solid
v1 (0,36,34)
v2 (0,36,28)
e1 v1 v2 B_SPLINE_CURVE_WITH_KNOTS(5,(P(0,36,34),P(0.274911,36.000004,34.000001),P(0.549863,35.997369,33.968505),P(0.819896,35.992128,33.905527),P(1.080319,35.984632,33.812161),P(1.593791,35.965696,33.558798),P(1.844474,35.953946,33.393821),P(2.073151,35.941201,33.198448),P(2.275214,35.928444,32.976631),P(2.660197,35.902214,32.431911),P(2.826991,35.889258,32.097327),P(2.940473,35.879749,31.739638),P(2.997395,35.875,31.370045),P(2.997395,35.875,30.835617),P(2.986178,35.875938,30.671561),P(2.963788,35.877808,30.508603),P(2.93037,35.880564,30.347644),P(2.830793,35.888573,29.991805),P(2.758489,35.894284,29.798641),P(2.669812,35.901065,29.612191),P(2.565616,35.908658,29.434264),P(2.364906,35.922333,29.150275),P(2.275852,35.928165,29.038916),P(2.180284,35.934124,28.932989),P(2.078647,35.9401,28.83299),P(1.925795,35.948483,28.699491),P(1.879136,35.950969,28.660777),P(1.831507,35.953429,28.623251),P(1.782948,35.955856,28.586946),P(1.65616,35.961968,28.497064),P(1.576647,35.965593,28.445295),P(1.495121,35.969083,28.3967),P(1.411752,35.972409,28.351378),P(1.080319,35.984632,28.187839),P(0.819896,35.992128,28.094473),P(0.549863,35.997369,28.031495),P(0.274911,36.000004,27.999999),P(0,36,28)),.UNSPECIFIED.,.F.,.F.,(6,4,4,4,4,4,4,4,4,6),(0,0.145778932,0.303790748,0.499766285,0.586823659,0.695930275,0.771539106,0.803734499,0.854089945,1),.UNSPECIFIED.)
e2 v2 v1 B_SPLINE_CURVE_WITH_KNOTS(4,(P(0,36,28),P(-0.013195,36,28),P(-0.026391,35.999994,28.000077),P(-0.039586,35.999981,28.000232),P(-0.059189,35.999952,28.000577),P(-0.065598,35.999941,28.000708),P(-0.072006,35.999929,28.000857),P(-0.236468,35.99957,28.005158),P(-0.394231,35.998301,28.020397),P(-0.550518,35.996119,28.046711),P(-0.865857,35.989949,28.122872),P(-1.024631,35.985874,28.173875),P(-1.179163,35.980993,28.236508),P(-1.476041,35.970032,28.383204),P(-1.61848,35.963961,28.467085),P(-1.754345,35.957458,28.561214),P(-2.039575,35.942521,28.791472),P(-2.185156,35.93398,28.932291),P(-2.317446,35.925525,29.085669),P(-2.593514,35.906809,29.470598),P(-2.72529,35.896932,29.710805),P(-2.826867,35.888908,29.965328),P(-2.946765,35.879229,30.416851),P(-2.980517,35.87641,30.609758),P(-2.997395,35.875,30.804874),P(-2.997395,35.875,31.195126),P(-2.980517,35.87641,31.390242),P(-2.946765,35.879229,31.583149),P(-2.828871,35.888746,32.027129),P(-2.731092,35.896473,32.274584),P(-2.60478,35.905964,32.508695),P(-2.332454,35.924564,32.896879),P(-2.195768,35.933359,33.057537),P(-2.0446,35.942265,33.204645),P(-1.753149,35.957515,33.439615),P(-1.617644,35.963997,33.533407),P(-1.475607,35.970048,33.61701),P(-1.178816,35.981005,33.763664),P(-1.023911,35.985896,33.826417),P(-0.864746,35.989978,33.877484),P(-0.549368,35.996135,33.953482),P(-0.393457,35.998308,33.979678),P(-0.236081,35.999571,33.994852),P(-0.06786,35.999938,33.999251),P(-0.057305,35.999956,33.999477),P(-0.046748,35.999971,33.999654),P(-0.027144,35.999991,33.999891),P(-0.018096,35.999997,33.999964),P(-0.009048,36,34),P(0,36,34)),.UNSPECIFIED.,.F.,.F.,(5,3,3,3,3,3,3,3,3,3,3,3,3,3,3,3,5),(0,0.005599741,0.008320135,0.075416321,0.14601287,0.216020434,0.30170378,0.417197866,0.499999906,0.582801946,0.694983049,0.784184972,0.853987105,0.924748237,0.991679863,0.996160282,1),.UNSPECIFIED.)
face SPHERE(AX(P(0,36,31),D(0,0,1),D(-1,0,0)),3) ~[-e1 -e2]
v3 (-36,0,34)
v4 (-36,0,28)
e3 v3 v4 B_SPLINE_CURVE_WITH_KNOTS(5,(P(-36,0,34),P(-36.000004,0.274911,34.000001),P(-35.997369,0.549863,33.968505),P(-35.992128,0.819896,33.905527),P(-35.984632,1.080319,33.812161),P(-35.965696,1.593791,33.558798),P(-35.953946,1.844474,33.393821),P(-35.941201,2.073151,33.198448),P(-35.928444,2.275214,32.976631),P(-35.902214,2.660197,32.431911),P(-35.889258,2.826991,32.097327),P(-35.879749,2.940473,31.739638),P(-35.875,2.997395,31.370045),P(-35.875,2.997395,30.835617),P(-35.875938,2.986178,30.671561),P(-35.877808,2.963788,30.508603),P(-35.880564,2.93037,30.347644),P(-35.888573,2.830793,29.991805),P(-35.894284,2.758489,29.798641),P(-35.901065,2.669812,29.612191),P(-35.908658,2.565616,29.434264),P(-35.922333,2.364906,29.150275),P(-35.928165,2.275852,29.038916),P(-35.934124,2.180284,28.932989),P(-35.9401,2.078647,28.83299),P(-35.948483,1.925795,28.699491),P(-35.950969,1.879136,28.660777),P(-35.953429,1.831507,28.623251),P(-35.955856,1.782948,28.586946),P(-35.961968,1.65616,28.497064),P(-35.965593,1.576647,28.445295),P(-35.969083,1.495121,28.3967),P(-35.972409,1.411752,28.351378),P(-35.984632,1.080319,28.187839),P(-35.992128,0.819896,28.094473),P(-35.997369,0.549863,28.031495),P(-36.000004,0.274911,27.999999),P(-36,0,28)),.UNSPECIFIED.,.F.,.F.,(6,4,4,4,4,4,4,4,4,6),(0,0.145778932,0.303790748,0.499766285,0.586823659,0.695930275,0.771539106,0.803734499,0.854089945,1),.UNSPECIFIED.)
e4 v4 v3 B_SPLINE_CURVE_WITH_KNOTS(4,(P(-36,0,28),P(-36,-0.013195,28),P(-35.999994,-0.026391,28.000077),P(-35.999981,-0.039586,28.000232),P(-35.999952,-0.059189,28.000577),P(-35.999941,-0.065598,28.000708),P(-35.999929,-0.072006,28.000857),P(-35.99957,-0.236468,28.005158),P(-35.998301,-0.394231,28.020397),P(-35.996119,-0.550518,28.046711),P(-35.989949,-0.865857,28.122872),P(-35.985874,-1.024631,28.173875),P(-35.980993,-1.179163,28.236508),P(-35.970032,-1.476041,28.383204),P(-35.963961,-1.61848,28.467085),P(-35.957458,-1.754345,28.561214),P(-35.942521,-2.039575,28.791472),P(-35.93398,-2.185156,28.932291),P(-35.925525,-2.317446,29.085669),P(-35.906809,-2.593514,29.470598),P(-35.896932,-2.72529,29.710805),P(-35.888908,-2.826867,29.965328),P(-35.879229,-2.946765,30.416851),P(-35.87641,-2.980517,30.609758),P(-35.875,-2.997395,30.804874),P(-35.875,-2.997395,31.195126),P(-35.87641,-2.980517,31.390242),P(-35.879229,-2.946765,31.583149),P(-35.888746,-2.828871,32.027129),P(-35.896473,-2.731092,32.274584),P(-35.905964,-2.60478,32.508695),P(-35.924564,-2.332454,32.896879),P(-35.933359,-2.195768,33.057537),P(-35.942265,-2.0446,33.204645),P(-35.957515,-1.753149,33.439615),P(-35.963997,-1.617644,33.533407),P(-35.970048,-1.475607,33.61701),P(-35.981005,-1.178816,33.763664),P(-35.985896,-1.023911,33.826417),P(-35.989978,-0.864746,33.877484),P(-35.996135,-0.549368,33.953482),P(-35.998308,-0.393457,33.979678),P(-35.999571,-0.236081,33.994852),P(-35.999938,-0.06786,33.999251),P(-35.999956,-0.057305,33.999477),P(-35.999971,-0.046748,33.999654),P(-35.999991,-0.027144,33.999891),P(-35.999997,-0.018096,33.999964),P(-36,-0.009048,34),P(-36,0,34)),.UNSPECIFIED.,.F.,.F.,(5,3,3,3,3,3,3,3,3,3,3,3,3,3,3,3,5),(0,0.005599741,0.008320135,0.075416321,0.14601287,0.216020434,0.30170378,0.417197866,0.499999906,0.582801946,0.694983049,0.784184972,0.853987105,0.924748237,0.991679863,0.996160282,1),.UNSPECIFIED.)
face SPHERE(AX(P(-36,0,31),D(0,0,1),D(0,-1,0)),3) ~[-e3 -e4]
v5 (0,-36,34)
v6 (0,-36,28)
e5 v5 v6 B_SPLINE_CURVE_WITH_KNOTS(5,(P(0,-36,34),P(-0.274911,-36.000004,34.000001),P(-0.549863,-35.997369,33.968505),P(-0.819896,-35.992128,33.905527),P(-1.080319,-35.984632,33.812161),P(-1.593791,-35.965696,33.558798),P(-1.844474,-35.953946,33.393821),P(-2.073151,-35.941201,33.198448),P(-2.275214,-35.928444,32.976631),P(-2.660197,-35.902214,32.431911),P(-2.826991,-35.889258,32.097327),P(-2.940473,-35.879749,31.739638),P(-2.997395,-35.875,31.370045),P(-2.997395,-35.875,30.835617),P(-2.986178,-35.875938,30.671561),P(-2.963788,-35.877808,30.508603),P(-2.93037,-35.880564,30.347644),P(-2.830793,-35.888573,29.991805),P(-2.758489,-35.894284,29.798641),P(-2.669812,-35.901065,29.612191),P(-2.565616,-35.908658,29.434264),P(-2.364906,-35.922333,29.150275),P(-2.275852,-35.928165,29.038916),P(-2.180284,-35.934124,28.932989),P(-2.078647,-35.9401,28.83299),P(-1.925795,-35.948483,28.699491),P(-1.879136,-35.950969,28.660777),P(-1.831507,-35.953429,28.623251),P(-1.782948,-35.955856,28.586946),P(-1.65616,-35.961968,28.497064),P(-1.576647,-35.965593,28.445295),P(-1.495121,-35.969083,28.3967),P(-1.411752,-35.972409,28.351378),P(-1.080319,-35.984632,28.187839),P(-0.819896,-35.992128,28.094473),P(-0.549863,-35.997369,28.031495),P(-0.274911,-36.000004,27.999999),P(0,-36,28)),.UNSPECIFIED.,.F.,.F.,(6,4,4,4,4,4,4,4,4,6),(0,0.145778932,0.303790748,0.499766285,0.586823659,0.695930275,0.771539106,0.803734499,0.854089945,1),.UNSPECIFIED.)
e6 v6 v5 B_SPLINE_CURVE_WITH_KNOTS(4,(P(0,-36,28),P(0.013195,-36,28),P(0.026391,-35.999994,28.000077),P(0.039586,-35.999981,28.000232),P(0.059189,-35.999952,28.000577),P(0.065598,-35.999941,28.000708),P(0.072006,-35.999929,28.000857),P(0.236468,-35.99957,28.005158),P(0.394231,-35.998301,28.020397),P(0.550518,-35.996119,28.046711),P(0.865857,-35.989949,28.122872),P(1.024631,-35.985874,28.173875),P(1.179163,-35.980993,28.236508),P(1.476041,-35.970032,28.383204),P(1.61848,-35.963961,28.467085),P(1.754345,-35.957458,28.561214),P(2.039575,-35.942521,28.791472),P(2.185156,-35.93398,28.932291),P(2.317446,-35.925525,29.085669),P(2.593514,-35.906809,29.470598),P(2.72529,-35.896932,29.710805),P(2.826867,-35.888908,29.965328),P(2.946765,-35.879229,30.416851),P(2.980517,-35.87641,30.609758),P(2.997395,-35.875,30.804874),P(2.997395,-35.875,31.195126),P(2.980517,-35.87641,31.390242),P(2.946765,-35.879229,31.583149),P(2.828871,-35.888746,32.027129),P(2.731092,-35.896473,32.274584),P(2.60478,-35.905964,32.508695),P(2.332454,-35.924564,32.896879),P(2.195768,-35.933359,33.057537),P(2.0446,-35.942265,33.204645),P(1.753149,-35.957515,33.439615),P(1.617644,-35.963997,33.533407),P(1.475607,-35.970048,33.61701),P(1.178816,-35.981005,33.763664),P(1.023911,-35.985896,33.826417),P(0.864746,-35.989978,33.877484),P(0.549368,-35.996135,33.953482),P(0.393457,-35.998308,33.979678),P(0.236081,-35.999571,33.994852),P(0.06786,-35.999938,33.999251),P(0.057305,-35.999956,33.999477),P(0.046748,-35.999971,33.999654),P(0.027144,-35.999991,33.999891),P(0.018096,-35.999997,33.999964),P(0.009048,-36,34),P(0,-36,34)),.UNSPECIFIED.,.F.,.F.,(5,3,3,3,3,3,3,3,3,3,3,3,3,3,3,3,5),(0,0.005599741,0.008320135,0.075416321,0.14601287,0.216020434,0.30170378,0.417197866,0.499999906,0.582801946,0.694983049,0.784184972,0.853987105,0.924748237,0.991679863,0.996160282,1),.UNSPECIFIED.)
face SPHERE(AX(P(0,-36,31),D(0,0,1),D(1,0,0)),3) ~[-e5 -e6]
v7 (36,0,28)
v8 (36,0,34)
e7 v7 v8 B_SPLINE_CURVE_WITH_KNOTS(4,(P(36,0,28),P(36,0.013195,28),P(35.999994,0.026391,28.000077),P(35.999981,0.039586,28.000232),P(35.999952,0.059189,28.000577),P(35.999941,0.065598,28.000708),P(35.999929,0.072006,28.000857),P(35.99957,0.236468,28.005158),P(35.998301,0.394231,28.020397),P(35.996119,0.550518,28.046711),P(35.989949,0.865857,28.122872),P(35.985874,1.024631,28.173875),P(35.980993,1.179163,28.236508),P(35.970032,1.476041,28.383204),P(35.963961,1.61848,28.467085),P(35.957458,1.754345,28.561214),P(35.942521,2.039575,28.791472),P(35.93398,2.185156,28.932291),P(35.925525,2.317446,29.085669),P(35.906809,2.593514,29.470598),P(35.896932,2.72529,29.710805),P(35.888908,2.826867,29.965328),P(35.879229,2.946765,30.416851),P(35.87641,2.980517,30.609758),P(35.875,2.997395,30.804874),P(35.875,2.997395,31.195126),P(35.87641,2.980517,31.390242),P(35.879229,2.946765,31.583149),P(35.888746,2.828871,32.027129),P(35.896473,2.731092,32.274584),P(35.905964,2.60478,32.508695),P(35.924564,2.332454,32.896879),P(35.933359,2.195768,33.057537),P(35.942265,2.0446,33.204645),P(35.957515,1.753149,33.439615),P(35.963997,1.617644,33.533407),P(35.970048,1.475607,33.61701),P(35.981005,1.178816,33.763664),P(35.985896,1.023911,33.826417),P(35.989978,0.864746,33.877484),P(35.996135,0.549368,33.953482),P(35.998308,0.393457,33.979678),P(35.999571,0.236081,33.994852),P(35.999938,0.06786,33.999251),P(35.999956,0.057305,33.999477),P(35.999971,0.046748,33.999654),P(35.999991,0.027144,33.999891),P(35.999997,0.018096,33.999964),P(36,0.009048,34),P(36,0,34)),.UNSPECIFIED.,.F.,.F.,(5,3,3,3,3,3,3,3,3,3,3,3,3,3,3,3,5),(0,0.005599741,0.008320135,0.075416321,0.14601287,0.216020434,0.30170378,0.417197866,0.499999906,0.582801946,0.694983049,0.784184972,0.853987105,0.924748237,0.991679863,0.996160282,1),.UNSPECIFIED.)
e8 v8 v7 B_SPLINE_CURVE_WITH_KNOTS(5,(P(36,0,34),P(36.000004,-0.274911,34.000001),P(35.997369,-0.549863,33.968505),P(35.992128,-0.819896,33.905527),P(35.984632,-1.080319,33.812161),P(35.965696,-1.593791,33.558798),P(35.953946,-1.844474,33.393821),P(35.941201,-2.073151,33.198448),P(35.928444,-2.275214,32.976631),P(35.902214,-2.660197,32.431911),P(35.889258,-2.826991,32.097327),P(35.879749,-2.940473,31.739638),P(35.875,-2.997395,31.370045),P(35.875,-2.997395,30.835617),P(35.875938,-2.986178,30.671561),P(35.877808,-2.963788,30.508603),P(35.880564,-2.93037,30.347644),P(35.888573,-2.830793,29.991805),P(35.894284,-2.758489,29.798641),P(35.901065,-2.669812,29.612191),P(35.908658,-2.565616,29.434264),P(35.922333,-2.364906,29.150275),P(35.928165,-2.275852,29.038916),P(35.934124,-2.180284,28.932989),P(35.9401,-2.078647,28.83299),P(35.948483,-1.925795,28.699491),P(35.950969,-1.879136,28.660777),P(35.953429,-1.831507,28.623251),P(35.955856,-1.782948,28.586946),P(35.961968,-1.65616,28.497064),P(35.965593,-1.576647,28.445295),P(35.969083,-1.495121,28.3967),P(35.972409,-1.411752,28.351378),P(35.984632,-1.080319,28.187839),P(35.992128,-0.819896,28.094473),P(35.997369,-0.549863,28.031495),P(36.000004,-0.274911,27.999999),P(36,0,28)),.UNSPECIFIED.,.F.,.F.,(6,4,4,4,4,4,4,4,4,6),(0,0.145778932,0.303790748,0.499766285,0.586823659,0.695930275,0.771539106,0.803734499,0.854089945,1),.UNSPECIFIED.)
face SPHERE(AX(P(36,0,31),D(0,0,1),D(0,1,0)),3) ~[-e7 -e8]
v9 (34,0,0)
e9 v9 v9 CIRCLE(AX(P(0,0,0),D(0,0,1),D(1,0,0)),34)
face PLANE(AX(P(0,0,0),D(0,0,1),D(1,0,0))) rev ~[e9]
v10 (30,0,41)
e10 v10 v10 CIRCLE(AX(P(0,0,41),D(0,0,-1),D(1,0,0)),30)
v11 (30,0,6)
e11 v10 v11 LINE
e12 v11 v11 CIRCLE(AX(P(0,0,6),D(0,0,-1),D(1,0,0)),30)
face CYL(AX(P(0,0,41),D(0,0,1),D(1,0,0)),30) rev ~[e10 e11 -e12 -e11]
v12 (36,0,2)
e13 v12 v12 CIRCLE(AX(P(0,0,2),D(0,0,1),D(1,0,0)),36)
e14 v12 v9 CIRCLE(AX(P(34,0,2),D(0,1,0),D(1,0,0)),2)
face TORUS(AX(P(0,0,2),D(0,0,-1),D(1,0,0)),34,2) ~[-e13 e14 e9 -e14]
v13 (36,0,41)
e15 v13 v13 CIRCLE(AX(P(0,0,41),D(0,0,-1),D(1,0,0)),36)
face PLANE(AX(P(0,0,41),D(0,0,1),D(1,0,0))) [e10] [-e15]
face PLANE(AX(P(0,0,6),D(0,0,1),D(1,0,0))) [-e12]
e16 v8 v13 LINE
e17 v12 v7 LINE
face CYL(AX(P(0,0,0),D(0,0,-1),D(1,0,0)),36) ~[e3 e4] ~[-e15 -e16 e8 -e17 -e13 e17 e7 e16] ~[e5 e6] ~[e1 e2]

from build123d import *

# Parameters (mm, degrees)
F0_R     = 36
F1_DEPTH = 41
F2_R     = 30
F3_DEPTH = 35
F7_COUNT = 4
F8_R     = 2


with BuildPart() as f1:
    # F0 (on Top) → F1 (new body)
    with BuildSketch(Plane.XY):
        Circle(F0_R)
    extrude(amount=F1_DEPTH)

    # F2 (on face) → F3 (cut)
    with BuildSketch(Plane.XY.offset(41)):
        Circle(F2_R)
    extrude(amount=-F3_DEPTH, mode=Mode.SUBTRACT)

    # F5 (on offset) → F6 (revolve)
    with BuildSketch(Plane.YZ.offset(36)):
        with BuildLine():
            Line((0, 31), (0, 28))
            ThreePointArc((0, 28), (3, 31), (0, 34))
            Line((0, 34), (0, 31))
        make_face()
    revolve(axis=Axis((36, 0, 29.6323467046), (0, 0, -1)))

    # F7: F1 ×4 about axis
    f7_axis = Axis((0, 0, 41), (0, 0, -1))


with BuildPart() as f1_1:
    add(f1.part)
    for i in range(1, F7_COUNT):
        add(f1.part.rotate(f7_axis, i * 360 / F7_COUNT))

    # F8
    f8_edges = [f1_1.edges().sort_by_distance(p)[0] for p in [
        (-36, 0, 0),
    ]]
    fillet(f8_edges, radius=F8_R)


solid = f1_1.part
